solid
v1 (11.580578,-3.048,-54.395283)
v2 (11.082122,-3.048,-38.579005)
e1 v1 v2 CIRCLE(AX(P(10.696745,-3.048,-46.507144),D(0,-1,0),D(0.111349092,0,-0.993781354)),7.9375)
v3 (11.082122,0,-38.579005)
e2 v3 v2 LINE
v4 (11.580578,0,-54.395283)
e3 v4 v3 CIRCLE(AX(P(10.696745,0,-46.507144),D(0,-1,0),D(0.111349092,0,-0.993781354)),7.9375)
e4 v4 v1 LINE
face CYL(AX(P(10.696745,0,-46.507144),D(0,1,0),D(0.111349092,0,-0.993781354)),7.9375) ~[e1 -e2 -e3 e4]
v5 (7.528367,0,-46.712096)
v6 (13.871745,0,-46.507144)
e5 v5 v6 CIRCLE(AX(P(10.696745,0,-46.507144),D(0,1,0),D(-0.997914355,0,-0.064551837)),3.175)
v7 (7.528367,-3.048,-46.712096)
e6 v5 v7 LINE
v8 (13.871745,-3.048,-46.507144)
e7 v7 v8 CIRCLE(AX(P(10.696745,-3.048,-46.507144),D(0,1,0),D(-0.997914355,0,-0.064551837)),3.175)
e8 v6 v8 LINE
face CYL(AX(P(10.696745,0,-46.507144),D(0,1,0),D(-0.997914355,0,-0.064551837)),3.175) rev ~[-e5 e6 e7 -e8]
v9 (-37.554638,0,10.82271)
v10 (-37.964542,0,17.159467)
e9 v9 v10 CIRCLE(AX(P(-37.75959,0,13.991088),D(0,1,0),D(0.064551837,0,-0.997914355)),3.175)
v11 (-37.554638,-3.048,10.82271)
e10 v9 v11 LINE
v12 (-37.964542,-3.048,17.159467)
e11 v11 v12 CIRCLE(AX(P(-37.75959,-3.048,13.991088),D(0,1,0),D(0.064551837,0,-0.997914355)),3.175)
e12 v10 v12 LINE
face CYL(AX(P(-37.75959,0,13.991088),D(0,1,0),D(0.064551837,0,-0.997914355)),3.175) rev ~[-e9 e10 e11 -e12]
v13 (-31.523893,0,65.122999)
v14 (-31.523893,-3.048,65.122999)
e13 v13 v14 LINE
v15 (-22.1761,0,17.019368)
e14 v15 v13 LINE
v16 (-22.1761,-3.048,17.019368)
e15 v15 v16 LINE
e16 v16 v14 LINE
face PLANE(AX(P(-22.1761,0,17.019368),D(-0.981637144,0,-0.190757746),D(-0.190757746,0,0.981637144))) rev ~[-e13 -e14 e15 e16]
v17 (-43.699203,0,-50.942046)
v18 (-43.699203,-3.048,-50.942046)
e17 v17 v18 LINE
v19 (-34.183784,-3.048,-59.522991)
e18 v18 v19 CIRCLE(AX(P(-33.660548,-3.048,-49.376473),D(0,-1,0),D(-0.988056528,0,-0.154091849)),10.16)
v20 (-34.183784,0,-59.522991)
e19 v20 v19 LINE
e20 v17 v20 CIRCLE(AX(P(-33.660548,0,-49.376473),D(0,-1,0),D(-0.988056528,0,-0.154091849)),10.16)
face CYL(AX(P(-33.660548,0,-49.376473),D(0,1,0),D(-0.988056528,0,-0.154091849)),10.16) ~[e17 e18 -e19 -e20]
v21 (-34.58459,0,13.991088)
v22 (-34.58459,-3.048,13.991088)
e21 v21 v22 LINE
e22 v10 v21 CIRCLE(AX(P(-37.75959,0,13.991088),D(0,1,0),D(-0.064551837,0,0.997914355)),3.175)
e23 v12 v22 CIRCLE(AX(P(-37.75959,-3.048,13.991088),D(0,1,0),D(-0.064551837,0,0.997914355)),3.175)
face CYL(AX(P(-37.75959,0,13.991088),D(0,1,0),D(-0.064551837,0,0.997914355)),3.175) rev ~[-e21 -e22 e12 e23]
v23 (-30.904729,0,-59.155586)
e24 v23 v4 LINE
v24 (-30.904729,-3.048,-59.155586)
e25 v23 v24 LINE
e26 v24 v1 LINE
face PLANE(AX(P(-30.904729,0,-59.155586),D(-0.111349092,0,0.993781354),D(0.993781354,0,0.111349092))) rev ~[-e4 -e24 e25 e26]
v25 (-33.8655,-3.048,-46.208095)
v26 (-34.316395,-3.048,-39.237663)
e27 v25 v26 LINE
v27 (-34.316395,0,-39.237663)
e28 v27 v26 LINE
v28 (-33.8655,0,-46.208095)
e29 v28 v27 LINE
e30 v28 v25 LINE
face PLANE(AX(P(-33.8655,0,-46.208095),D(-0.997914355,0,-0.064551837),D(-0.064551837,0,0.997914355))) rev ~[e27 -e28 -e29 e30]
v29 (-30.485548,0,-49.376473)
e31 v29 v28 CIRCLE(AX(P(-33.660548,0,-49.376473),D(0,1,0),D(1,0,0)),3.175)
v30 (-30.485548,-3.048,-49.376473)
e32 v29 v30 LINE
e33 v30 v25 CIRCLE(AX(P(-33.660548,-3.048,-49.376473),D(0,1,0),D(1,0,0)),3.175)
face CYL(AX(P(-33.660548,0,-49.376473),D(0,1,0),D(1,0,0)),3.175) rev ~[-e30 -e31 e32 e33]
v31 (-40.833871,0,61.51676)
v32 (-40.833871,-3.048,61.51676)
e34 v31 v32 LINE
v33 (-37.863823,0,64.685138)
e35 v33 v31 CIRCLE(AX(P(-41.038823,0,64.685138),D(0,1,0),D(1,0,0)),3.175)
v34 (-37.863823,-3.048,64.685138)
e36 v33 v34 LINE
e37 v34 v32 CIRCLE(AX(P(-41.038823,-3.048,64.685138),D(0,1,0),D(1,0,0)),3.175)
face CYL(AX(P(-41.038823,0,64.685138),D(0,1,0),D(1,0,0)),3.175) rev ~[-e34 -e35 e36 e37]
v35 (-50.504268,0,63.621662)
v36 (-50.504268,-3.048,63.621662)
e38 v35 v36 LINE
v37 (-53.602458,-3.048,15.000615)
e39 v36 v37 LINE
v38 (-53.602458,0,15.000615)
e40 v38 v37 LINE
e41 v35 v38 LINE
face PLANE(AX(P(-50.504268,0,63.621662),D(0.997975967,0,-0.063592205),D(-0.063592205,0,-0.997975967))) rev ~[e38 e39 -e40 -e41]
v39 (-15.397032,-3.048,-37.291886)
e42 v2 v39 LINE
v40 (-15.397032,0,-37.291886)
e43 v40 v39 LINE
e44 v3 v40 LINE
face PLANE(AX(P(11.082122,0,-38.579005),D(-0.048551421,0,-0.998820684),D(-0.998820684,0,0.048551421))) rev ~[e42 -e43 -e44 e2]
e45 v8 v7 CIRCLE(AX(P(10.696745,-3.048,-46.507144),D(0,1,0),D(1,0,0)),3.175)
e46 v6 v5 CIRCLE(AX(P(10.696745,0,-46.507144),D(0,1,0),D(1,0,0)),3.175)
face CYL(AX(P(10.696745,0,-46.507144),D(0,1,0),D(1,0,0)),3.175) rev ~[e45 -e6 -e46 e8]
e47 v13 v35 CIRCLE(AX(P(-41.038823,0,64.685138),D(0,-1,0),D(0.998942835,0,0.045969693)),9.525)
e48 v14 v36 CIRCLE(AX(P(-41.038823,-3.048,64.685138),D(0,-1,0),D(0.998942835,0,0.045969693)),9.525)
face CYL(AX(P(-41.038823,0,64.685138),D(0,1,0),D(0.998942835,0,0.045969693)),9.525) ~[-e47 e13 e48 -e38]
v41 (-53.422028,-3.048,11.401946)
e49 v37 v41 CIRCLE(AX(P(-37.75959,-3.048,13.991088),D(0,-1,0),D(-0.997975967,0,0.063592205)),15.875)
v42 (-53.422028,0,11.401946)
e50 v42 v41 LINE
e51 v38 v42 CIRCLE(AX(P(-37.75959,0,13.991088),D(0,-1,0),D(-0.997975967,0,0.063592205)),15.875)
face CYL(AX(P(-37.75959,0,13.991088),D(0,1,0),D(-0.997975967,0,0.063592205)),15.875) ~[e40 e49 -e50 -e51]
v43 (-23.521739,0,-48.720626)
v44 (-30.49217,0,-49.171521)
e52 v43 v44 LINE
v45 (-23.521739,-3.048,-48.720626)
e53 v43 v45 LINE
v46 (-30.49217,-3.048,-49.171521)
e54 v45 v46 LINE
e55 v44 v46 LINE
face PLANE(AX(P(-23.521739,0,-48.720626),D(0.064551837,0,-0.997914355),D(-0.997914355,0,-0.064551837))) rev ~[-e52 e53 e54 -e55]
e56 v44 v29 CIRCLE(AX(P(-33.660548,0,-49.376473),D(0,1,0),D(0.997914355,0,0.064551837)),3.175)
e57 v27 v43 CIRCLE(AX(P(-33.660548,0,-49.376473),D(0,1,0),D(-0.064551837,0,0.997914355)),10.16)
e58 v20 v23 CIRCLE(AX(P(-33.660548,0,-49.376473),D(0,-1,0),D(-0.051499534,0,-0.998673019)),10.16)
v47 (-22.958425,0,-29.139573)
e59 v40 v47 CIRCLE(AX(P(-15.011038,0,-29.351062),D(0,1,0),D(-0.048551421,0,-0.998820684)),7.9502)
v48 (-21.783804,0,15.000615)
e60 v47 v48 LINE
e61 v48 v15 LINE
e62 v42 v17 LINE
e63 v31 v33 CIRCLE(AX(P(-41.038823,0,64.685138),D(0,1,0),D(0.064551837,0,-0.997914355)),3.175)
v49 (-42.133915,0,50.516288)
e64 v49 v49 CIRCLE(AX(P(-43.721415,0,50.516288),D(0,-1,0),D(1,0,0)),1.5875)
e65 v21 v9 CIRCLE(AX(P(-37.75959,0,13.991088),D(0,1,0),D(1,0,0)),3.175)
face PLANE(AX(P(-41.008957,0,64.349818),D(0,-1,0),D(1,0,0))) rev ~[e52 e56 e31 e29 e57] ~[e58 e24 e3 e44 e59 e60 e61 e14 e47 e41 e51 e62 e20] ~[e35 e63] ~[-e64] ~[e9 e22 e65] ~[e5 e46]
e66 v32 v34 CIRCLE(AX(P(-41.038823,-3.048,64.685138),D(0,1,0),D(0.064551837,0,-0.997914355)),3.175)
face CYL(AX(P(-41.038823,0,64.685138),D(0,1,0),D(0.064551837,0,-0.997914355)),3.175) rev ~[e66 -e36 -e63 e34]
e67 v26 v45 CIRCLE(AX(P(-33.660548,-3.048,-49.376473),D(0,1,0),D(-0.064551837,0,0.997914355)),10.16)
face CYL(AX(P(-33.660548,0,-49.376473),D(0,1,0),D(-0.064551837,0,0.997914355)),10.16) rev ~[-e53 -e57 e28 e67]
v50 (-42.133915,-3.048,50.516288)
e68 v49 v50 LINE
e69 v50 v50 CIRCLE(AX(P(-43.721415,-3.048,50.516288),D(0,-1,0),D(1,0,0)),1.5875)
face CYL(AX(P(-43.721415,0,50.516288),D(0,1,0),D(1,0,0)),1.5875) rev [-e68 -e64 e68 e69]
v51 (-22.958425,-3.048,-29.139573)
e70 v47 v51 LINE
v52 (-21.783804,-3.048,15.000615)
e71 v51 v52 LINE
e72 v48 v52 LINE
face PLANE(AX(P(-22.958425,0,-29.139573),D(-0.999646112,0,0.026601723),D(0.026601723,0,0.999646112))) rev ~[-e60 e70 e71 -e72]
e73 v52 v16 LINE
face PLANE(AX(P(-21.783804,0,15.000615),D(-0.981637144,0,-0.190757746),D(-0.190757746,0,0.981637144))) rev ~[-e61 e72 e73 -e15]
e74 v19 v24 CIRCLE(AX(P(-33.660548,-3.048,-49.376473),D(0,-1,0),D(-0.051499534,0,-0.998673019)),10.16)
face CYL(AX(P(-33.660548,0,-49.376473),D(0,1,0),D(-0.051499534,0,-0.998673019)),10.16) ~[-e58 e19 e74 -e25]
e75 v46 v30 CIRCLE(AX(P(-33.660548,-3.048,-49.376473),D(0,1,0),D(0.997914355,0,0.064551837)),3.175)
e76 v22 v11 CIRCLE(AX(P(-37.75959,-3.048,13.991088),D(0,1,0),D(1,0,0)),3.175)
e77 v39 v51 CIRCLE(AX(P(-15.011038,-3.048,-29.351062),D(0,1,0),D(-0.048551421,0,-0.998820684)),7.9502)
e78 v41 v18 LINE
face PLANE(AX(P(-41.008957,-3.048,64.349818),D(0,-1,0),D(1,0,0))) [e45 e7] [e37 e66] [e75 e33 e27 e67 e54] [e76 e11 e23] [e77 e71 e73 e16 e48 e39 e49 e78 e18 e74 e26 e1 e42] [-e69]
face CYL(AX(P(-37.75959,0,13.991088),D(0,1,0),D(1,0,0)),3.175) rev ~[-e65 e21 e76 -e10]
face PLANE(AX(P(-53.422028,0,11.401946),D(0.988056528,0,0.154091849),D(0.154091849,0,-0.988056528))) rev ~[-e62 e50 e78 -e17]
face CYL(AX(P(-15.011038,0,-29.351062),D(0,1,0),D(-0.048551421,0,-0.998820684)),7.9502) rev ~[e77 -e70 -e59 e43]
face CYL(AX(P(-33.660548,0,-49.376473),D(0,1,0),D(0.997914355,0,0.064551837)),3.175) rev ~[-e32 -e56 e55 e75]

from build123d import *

# Parameters (mm, degrees)
F0_R     = 1.5875
F1_DEPTH = 3.048


with BuildPart() as f1:
    # F0 (on Front) → F1 (new body)
    with BuildSketch(Plane.XZ):
        with BuildLine():
            ThreePointArc((-50.5042680437, 63.6216618954), (-47.1542651109, 57.382604112), (-40.4239670527, 55.1800034394))
            ThreePointArc((-40.4239670527, 55.1800034394), (-34.0896459808, 58.1709562478), (-31.5138232961, 64.6851376731))
            ThreePointArc((-31.5138232961, 64.6851376731), (-31.5163410034, 64.9041262217), (-31.5238927941, 65.1229990015))
            ThreePointArc((-31.5238927941, 65.1229990015), (-41.7898995149, 74.1804791368), (-50.5042680437, 63.6216618954))
        make_face()
        with BuildLine():
            ThreePointArc((-37.8638232961, 64.6851376731), (-38.7224308577, 62.5137438647), (-40.833871215, 61.5167595952))
            ThreePointArc((-40.833871215, 61.5167595952), (-43.3552157345, 66.8565314815), (-37.8638232961, 64.6851376731))
        make_face(mode=Mode.SUBTRACT)
        with BuildLine():
            ThreePointArc((-31.5138232961, 64.6851376731), (-34.0896459808, 58.1709562478), (-40.4239670527, 55.1800034394))
            Line((-40.4239670527, 55.1800034394), (-38.7843504035, 29.8329788163))
            ThreePointArc((-38.7843504035, 29.8329788163), (-28.0623580194, 26.5600707626), (-22.1761003167, 17.0193675354))
            Line((-22.1761003167, 17.0193675354), (-31.5238927941, 65.1229990015))
            ThreePointArc((-31.5238927941, 65.1229990015), (-31.5163410034, 64.9041262217), (-31.5138232961, 64.6851376731))
        make_face()
        with BuildLine():
            Line((-38.7843504035, 29.8329788163), (-40.4239670527, 55.1800034394))
            ThreePointArc((-40.4239670527, 55.1800034394), (-47.1542651109, 57.382604112), (-50.5042680437, 63.6216618954))
            Line((-50.5042680437, 63.6216618954), (-53.60245848, 15.0006146799))
            ThreePointArc((-53.60245848, 15.0006146799), (-48.9903060277, 25.2110101047), (-38.7843504035, 29.8329788163))
        make_face()
        with Locations((-43.7214151025, 50.5162884269)):
            Circle(F0_R, mode=Mode.SUBTRACT)
        with BuildLine():
            ThreePointArc((-22.1761003167, 17.0193675354), (-28.0623580194, 26.5600707626), (-38.7843504035, 29.8329788163))
            Line((-38.7843504035, 29.8329788163), (-37.9645420789, 17.1594665048))
            ThreePointArc((-37.9645420789, 17.1594665048), (-35.5881961894, 16.3074808653), (-34.5845899978, 13.9910884269))
            ThreePointArc((-34.5845899978, 13.9910884269), (-35.4431975594, 11.8196946185), (-37.5546379166, 10.822710349))
            Line((-37.5546379166, 10.822710349), (-36.7348295921, -1.8508019626))
            ThreePointArc((-36.7348295921, -1.8508019626), (-26.1776278056, 3.1341193848), (-21.8845899978, 13.9910884269))
            ThreePointArc((-21.8845899978, 13.9910884269), (-21.9576356299, 15.5122271964), (-22.1761003167, 17.0193675354))
        make_face()
        with BuildLine():
            Line((-37.9645420789, 17.1594665048), (-38.7843504035, 29.8329788163))
            ThreePointArc((-38.7843504035, 29.8329788163), (-48.9903060277, 25.2110101047), (-53.60245848, 15.0006146799))
            ThreePointArc((-53.60245848, 15.0006146799), (-53.6146740156, 13.1961445378), (-53.4220280351, 11.4019457641))
            ThreePointArc((-53.4220280351, 11.4019457641), (-47.6324939367, 1.5596205806), (-36.7348295921, -1.8508019626))
            Line((-36.7348295921, -1.8508019626), (-37.5546379166, 10.822710349))
            ThreePointArc((-37.5546379166, 10.822710349), (-40.9279680757, 13.7861363457), (-37.9645420789, 17.1594665048))
        make_face()
        with BuildLine():
            Line((-21.7838038896, 15.0006146799), (-22.1761003167, 17.0193675354))
            ThreePointArc((-22.1761003167, 17.0193675354), (-21.9576356299, 15.5122271964), (-21.8845899978, 13.9910884269))
            ThreePointArc((-21.8845899978, 13.9910884269), (-26.1776278056, 3.1341193848), (-36.7348295921, -1.8508019626))
            Line((-36.7348295921, -1.8508019626), (-34.3163950346, -39.2376632816))
            ThreePointArc((-34.3163950346, -39.2376632816), (-26.9550807978, -41.7434983128), (-23.5217385257, -48.7206264712))
            Line((-23.5217385257, -48.7206264712), (2.7757995208, -47.0195241977))
            ThreePointArc((2.7757995208, -47.0195241977), (5.0392904077, -40.9396385387), (11.0821216178, -38.5790048126))
            Line((11.0821216178, -38.5790048126), (-15.3970316035, -37.2918863845))
            ThreePointArc((-15.3970316035, -37.2918863845), (-20.8399623866, -34.7574770434), (-22.9584246143, -29.1395731632))
            Line((-22.9584246143, -29.1395731632), (-21.7838038896, 15.0006146799))
        make_face()
        with BuildLine():
            ThreePointArc((-36.7348295921, -1.8508019626), (-47.6324939367, 1.5596205806), (-53.4220280351, 11.4019457641))
            Line((-53.4220280351, 11.4019457641), (-43.6992026963, -50.9420463215))
            ThreePointArc((-43.6992026963, -50.9420463215), (-41.5877946429, -43.0216036117), (-34.3163950346, -39.2376632816))
            Line((-34.3163950346, -39.2376632816), (-36.7348295921, -1.8508019626))
        make_face()
        with BuildLine():
            ThreePointArc((-34.3163950346, -39.2376632816), (-41.5877946429, -43.0216036117), (-43.6992026963, -50.9420463215))
            ThreePointArc((-43.6992026963, -50.9420463215), (-40.4647037817, -56.9216085968), (-34.1837836398, -59.5229909995))
            Line((-34.1837836398, -59.5229909995), (-30.9047285274, -59.1555864326))
            ThreePointArc((-30.9047285274, -59.1555864326), (-25.5604023993, -55.5094361321), (-23.5005483749, -49.3764731309))
            ThreePointArc((-23.5005483749, -49.3764731309), (-23.5058472944, -49.0483786843), (-23.5217385257, -48.7206264712))
            Line((-23.5217385257, -48.7206264712), (-30.492170297, -49.1715210497))
            ThreePointArc((-30.492170297, -49.1715210497), (-30.4872042872, -49.2739436163), (-30.4855483749, -49.3764731309))
            ThreePointArc((-30.4855483749, -49.3764731309), (-35.8319421833, -51.6928655693), (-33.865500456, -46.208095053))
            Line((-33.865500456, -46.208095053), (-34.3163950346, -39.2376632816))
        make_face()
        with BuildLine():
            Line((-30.9047285274, -59.1555864326), (-34.1837836398, -59.5229909995))
            ThreePointArc((-34.1837836398, -59.5229909995), (-32.5292416046, -59.4732916888), (-30.9047285274, -59.1555864326))
        make_face()
        with BuildLine():
            Line((2.7757995208, -47.0195241977), (-23.5217385257, -48.7206264712))
            ThreePointArc((-23.5217385257, -48.7206264712), (-23.5058472944, -49.0483786843), (-23.5005483749, -49.3764731309))
            ThreePointArc((-23.5005483749, -49.3764731309), (-25.5604023993, -55.5094361321), (-30.9047285274, -59.1555864326))
            Line((-30.9047285274, -59.1555864326), (11.5805781298, -54.3952834932))
            ThreePointArc((11.5805781298, -54.3952834932), (5.5996188736, -52.5918144379), (2.7757995208, -47.0195241977))
        make_face()
        with BuildLine():
            ThreePointArc((18.6342447155, -46.5071439948), (16.4440412718, -41.0324304367), (11.0821216178, -38.5790048126))
            ThreePointArc((11.0821216178, -38.5790048126), (5.0392904077, -40.9396385387), (2.7757995208, -47.0195241977))
            ThreePointArc((2.7757995208, -47.0195241977), (5.5996188736, -52.5918144379), (11.5805781298, -54.3952834932))
            ThreePointArc((11.5805781298, -54.3952834932), (16.6136414518, -51.7981022504), (18.6342447155, -46.5071439948))
        make_face()
        with BuildLine():
            ThreePointArc((13.8717447155, -46.5071439948), (10.7992742301, -49.6804880825), (7.5283666376, -46.712096076))
            ThreePointArc((7.5283666376, -46.712096076), (10.594215201, -43.3337999072), (13.8717447155, -46.5071439948))
        make_face(mode=Mode.SUBTRACT)
    extrude(amount=F1_DEPTH)


solid = f1.part
